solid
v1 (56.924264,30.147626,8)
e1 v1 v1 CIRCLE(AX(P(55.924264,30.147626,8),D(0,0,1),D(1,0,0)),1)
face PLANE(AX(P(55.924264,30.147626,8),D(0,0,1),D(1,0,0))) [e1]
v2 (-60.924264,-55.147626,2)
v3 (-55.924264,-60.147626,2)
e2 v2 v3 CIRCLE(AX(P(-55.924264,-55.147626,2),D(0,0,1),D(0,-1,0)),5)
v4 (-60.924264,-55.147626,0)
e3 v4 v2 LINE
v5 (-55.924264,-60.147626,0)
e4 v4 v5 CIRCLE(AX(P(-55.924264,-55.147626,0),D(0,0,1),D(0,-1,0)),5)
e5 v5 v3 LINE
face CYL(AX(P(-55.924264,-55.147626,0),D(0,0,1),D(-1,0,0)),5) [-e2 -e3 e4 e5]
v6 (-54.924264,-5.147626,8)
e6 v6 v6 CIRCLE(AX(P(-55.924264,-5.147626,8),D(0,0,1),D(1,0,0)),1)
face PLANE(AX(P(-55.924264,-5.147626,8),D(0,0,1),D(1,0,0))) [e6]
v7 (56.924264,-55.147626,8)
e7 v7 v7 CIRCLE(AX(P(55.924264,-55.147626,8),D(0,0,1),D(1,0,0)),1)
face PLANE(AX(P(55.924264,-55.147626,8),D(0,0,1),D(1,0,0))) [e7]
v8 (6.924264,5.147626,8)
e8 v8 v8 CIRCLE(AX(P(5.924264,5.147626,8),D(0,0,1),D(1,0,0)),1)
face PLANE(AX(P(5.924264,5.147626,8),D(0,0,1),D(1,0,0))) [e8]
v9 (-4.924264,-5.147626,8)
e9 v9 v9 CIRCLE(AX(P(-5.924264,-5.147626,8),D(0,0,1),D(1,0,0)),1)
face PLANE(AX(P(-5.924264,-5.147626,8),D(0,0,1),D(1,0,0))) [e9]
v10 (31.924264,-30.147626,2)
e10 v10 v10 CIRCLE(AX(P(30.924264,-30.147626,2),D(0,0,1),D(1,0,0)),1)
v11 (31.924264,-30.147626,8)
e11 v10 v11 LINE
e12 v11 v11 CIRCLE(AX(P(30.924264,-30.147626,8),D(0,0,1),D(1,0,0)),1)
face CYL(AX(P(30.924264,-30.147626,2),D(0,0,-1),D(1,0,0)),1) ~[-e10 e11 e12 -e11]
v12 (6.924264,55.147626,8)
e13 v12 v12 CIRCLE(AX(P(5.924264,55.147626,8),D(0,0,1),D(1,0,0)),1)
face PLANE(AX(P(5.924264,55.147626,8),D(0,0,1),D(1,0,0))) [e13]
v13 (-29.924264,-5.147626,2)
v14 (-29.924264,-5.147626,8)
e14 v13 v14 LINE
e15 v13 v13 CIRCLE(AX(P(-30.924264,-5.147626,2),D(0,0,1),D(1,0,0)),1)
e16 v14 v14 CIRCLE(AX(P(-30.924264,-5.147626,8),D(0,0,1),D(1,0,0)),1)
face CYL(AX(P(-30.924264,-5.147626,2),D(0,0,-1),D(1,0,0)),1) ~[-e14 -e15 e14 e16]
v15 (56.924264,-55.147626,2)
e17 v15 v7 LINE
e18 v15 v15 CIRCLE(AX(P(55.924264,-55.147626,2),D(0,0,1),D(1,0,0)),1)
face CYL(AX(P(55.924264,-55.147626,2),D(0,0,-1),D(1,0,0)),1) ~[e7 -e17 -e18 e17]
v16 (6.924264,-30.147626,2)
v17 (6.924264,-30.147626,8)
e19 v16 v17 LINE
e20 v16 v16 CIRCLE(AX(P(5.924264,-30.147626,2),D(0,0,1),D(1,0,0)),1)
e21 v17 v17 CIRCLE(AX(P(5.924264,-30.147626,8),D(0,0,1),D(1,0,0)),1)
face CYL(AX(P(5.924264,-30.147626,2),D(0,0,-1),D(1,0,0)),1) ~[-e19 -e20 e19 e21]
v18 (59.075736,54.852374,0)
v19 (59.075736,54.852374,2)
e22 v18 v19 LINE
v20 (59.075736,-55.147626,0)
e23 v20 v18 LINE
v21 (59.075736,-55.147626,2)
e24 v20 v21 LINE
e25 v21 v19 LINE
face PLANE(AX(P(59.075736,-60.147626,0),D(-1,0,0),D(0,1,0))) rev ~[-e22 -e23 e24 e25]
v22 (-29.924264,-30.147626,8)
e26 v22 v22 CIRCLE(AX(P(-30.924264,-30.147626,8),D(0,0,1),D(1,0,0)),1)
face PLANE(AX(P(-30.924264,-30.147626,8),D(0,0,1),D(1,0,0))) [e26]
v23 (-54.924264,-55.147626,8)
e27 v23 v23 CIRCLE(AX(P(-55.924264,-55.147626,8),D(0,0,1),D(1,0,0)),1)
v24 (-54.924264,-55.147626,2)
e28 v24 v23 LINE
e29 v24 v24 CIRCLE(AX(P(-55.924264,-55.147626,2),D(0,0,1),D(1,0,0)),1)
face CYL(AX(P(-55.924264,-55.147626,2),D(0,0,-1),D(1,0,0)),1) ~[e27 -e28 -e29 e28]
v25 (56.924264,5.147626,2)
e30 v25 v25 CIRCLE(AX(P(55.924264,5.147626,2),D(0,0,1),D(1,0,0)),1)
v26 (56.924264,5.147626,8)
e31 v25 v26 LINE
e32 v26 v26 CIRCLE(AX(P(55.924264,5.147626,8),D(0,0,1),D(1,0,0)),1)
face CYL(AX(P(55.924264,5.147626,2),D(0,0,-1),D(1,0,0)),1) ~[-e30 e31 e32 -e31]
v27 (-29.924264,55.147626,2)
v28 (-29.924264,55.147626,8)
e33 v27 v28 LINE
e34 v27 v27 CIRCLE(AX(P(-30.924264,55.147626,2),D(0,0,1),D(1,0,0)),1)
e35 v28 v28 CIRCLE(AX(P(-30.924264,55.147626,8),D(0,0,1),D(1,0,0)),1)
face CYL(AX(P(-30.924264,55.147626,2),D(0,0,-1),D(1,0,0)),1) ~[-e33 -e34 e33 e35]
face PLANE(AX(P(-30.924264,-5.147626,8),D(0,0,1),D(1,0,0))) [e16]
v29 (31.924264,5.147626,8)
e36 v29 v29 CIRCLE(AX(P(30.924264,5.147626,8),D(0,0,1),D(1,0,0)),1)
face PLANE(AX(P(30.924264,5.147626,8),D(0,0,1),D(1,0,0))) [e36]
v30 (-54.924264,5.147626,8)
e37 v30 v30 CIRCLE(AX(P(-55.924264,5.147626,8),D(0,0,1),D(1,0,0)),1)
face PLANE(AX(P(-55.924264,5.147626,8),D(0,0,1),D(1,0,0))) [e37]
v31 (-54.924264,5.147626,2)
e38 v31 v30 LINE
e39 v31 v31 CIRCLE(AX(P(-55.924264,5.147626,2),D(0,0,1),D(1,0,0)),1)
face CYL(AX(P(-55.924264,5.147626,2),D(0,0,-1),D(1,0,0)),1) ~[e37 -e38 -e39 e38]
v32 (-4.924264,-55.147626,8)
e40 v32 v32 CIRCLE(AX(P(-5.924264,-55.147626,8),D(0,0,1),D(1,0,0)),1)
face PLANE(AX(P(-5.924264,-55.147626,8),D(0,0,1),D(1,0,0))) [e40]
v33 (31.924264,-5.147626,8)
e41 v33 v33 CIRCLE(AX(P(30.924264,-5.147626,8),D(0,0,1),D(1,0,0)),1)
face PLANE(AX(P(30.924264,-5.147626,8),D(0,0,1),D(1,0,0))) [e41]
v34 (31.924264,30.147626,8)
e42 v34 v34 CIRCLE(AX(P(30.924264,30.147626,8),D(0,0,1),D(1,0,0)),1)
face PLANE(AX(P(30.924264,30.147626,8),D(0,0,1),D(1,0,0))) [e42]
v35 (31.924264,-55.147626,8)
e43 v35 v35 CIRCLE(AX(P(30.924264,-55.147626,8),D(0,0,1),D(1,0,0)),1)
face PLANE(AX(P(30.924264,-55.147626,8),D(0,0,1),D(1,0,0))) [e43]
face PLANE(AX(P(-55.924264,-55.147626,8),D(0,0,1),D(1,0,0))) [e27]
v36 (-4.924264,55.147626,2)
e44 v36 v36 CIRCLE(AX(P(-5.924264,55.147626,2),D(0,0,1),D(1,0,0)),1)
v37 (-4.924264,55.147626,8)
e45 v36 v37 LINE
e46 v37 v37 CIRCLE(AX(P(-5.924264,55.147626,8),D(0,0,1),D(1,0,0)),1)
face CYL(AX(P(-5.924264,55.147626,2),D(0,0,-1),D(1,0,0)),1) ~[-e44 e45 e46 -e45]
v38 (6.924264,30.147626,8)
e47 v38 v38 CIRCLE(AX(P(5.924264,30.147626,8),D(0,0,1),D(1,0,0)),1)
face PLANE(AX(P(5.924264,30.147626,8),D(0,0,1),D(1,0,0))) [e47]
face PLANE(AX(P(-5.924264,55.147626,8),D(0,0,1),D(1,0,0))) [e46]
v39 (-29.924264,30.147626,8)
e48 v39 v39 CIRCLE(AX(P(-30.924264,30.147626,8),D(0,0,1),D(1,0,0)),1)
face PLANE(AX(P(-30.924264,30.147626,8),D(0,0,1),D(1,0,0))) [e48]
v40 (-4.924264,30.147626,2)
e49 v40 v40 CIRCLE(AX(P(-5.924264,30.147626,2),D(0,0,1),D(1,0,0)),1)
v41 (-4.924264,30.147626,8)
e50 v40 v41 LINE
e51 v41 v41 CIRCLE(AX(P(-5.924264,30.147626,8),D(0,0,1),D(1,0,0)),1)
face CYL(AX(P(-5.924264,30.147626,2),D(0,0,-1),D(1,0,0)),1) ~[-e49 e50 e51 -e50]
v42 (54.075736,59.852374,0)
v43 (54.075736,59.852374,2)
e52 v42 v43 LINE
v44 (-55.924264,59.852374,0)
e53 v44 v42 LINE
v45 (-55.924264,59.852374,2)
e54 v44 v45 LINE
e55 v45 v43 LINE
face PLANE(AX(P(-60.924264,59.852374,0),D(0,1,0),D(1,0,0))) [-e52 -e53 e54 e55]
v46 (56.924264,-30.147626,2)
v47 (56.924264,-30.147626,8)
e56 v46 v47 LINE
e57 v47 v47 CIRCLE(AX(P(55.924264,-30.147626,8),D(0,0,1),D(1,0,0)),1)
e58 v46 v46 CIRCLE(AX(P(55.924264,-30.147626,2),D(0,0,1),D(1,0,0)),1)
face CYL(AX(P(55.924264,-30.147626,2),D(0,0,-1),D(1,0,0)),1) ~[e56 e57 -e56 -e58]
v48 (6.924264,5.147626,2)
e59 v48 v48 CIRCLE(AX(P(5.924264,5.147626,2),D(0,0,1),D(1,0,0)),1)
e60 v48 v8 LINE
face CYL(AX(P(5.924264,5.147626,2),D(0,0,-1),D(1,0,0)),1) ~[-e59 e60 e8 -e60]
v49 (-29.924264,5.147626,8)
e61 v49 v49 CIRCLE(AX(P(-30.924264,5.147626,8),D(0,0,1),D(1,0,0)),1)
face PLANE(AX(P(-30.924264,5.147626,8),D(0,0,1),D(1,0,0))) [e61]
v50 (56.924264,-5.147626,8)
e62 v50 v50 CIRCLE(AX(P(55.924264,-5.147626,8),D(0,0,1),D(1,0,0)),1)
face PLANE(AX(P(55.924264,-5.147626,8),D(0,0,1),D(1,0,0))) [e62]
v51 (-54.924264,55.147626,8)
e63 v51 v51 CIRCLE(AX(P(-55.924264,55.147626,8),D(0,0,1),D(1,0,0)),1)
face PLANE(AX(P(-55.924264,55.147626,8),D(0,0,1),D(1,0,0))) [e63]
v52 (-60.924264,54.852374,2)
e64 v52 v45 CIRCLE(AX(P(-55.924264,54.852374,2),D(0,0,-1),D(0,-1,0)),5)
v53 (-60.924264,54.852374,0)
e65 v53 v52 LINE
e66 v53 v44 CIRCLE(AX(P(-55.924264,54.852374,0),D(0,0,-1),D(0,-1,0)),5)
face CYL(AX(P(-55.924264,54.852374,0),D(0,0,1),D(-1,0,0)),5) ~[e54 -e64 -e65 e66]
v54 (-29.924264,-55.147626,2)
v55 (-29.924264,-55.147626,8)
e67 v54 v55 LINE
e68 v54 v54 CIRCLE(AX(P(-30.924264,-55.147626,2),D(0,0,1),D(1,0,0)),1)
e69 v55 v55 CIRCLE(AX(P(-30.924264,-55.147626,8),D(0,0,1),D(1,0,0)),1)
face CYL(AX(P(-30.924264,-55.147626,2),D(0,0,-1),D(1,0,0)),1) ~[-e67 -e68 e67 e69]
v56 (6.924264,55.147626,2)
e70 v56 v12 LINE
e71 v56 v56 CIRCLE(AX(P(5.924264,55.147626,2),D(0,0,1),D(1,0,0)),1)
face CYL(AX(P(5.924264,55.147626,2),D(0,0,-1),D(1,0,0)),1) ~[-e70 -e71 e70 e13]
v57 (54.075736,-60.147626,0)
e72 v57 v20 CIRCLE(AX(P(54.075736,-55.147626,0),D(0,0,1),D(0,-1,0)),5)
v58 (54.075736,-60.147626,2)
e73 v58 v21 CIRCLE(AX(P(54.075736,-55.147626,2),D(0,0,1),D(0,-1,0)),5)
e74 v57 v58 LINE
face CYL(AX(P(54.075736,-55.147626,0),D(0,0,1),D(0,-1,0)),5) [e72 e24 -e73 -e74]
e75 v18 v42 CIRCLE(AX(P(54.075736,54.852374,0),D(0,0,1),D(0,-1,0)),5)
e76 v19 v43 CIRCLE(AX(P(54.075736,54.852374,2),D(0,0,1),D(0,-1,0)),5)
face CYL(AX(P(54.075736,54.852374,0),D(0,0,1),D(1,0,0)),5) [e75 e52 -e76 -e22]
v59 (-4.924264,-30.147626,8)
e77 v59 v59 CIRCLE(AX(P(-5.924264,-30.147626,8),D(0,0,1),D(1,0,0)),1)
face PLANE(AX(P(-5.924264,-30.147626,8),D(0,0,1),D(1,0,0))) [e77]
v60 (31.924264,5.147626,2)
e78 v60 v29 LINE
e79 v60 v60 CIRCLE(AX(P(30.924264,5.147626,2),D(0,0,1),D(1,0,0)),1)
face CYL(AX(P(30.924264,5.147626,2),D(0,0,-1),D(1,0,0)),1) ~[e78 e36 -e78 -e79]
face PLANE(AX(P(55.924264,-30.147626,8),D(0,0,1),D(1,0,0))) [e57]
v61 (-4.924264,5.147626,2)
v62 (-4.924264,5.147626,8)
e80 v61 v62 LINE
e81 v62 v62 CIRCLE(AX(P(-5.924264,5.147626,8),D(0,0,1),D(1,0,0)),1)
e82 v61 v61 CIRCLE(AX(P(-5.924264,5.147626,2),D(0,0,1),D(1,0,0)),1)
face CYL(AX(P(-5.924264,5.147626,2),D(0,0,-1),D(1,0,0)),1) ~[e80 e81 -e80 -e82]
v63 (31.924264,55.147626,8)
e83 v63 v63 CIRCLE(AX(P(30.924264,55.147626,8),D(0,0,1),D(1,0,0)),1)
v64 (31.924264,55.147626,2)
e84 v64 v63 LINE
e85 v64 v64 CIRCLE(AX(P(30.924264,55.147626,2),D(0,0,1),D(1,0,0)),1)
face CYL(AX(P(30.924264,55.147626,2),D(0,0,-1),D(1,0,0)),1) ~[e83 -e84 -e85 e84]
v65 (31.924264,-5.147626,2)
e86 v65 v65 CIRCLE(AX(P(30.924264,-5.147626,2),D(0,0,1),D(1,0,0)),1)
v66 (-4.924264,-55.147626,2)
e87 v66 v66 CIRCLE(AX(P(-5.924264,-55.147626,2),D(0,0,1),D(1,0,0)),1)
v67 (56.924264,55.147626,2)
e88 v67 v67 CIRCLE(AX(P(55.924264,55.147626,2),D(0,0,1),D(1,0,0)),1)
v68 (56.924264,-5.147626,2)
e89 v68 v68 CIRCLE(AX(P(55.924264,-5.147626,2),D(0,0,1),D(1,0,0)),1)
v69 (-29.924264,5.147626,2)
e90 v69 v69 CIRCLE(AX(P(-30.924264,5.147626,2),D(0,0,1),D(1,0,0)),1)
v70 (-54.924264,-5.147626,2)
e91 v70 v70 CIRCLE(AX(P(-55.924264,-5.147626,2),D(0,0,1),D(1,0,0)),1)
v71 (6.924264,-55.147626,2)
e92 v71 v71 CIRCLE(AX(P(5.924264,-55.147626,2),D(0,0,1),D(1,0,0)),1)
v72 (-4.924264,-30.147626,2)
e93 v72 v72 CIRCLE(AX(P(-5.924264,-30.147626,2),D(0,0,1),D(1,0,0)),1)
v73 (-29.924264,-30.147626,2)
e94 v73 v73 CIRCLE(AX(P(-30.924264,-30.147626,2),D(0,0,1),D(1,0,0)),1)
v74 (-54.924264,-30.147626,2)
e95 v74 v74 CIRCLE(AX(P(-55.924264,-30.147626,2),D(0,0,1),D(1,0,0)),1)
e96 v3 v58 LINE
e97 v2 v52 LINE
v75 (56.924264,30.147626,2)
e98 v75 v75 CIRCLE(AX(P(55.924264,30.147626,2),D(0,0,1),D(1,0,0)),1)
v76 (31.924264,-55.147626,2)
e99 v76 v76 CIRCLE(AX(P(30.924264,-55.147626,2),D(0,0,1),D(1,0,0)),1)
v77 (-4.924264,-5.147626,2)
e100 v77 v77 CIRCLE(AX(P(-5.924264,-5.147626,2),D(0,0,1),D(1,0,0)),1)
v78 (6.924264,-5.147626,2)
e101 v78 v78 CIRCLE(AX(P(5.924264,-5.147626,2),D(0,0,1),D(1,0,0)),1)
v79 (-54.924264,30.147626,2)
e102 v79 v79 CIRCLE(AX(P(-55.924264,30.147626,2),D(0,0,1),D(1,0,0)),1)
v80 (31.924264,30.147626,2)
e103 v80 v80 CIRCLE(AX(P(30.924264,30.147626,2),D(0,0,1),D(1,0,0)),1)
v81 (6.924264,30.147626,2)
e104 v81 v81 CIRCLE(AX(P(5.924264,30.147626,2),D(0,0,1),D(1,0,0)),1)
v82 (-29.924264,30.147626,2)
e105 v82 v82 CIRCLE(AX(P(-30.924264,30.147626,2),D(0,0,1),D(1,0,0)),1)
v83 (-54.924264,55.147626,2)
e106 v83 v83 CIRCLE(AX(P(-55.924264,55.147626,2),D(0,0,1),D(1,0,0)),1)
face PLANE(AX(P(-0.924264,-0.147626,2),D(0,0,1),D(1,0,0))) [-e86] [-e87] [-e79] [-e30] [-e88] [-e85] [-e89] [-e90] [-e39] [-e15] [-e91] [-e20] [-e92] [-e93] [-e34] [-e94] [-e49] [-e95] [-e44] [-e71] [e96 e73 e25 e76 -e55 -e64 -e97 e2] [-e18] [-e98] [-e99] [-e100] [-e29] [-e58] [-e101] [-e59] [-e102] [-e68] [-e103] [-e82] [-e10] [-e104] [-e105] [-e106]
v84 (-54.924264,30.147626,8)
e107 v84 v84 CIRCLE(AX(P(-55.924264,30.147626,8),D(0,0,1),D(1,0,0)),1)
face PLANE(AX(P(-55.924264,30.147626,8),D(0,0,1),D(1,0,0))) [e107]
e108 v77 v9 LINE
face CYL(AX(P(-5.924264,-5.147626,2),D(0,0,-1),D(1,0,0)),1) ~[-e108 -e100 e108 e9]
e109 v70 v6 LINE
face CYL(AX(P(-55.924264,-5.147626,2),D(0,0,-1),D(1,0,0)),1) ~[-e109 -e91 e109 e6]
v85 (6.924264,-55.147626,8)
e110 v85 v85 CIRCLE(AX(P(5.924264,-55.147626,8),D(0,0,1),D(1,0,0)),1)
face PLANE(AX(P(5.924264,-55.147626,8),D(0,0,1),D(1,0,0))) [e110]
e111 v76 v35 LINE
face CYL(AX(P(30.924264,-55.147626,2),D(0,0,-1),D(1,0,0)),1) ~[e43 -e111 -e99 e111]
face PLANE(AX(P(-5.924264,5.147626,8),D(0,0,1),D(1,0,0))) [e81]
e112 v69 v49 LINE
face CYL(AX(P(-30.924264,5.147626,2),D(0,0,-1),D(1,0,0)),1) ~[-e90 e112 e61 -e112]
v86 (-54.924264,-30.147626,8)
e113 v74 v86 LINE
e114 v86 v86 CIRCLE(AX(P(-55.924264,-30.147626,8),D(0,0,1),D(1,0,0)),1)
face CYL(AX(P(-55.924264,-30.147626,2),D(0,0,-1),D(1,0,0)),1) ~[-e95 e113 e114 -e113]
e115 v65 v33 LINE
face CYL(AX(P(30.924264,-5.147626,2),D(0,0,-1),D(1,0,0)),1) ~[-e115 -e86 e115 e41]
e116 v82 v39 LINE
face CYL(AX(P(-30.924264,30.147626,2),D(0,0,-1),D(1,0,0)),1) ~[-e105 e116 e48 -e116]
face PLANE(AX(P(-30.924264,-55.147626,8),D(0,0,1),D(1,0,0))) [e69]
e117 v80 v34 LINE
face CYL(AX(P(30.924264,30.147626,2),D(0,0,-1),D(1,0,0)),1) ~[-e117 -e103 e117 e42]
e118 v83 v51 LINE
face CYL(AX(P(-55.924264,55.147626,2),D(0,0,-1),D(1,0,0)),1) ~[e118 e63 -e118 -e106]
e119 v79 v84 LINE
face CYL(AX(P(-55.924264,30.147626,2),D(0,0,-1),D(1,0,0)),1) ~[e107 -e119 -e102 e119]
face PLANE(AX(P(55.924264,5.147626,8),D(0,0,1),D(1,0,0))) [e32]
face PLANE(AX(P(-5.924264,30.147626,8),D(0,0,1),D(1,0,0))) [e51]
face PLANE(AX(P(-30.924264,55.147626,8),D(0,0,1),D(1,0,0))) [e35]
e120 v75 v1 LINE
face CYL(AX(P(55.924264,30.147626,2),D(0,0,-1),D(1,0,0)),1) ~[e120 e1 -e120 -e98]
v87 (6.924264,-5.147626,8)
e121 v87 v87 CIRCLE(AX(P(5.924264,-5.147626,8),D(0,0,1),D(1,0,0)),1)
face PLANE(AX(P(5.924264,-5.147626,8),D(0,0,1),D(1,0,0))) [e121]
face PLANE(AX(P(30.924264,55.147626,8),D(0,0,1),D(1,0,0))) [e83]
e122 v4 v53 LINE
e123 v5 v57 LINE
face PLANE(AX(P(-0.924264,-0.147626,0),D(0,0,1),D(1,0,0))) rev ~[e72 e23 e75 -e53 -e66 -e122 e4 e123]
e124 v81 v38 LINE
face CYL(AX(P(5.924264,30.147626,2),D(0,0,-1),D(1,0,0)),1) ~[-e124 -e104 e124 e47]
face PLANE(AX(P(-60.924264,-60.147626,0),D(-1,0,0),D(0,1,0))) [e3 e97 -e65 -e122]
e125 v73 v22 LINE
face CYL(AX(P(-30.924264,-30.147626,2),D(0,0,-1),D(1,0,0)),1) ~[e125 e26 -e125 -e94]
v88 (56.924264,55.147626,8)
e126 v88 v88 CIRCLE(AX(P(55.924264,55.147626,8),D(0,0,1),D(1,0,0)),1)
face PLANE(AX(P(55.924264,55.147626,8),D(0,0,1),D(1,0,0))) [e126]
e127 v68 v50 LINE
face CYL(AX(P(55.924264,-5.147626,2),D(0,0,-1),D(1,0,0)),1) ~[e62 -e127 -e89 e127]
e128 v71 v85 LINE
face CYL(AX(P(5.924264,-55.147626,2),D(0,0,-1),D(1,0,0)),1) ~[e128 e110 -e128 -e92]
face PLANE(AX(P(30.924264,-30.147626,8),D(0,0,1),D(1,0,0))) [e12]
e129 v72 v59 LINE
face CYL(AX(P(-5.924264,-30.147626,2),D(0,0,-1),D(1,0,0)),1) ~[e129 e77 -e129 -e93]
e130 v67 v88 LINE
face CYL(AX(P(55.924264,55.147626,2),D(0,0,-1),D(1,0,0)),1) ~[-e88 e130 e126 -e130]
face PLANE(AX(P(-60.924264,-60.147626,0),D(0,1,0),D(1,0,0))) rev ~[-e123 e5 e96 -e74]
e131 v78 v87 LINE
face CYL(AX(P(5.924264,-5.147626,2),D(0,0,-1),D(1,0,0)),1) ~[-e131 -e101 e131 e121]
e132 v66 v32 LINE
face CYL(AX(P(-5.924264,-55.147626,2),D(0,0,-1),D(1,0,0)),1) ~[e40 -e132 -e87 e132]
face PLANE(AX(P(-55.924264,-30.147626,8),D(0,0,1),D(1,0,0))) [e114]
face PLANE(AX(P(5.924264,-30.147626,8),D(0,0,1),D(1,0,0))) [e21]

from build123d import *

# Parameters (mm, degrees)
F0_W     = 120
F0_H     = 120
F1_DEPTH = 2
F2_R     = 5
F3_R     = 1
F4_DEPTH = 6


with BuildPart() as f1:
    # F0 (on Top) → F1 (new body)
    with BuildSketch(Plane.XY):
        with Locations((-0.924264, -0.147626)):
            Rectangle(F0_W, F0_H)
    extrude(amount=F1_DEPTH)

    # F2
    f2_edges = [f1.edges().sort_by_distance(p)[0] for p in [
        (59.075736, -60.147626, 1),
        (59.075736, 59.852374, 1),
        (-60.924264, 59.852374, 1),
        (-60.924264, -60.147626, 1),
    ]]
    fillet(f2_edges, radius=F2_R)

    # F3 (on face) → F4 (join)
    with BuildSketch(Plane.XY.offset(2)):
        with Locations((-55.924264, -55.147626)):
            Circle(F3_R)
        with Locations((-55.924264, -30.147626)):
            Circle(F3_R)
        with Locations((-30.924264, -55.147626)):
            Circle(F3_R)
        with Locations((-30.924264, -30.147626)):
            Circle(F3_R)
        with Locations((-5.924264, -55.147626)):
            Circle(F3_R)
        with Locations((-5.924264, -30.147626)):
            Circle(F3_R)
        with Locations((-55.924264, -5.147626)):
            Circle(F3_R)
        with Locations((-30.924264, -5.147626)):
            Circle(F3_R)
        with Locations((-5.924264, -5.147626)):
            Circle(F3_R)
        with Locations((5.924264, -30.147626)):
            Circle(F3_R)
        with Locations((5.924264, -55.147626)):
            Circle(F3_R)
        with Locations((5.924264, -5.147626)):
            Circle(F3_R)
        with Locations((30.924264, -5.147626)):
            Circle(F3_R)
        with Locations((55.924264, -5.147626)):
            Circle(F3_R)
        with Locations((55.924264, -30.147626)):
            Circle(F3_R)
        with Locations((55.924264, -55.147626)):
            Circle(F3_R)
        with Locations((30.924264, -55.147626)):
            Circle(F3_R)
        with Locations((30.924264, -30.147626)):
            Circle(F3_R)
        with Locations((-55.924264, 5.147626)):
            Circle(F3_R)
        with Locations((-30.924264, 5.147626)):
            Circle(F3_R)
        with Locations((-5.924264, 5.147626)):
            Circle(F3_R)
        with Locations((5.924264, 5.147626)):
            Circle(F3_R)
        with Locations((30.924264, 5.147626)):
            Circle(F3_R)
        with Locations((55.924264, 5.147626)):
            Circle(F3_R)
        with Locations((-55.924264, 30.147626)):
            Circle(F3_R)
        with Locations((-30.924264, 30.147626)):
            Circle(F3_R)
        with Locations((5.924264, 30.147626)):
            Circle(F3_R)
        with Locations((-5.924264, 30.147626)):
            Circle(F3_R)
        with Locations((30.924264, 30.147626)):
            Circle(F3_R)
        with Locations((55.924264, 30.147626)):
            Circle(F3_R)
        with Locations((55.924264, 55.147626)):
            Circle(F3_R)
        with Locations((5.924264, 55.147626)):
            Circle(F3_R)
        with Locations((-5.924264, 55.147626)):
            Circle(F3_R)
        with Locations((-30.924264, 55.147626)):
            Circle(F3_R)
        with Locations((-55.924264, 55.147626)):
            Circle(F3_R)
        with Locations((30.924264, 55.147626)):
            Circle(F3_R)
    extrude(amount=F4_DEPTH)


solid = f1.part
